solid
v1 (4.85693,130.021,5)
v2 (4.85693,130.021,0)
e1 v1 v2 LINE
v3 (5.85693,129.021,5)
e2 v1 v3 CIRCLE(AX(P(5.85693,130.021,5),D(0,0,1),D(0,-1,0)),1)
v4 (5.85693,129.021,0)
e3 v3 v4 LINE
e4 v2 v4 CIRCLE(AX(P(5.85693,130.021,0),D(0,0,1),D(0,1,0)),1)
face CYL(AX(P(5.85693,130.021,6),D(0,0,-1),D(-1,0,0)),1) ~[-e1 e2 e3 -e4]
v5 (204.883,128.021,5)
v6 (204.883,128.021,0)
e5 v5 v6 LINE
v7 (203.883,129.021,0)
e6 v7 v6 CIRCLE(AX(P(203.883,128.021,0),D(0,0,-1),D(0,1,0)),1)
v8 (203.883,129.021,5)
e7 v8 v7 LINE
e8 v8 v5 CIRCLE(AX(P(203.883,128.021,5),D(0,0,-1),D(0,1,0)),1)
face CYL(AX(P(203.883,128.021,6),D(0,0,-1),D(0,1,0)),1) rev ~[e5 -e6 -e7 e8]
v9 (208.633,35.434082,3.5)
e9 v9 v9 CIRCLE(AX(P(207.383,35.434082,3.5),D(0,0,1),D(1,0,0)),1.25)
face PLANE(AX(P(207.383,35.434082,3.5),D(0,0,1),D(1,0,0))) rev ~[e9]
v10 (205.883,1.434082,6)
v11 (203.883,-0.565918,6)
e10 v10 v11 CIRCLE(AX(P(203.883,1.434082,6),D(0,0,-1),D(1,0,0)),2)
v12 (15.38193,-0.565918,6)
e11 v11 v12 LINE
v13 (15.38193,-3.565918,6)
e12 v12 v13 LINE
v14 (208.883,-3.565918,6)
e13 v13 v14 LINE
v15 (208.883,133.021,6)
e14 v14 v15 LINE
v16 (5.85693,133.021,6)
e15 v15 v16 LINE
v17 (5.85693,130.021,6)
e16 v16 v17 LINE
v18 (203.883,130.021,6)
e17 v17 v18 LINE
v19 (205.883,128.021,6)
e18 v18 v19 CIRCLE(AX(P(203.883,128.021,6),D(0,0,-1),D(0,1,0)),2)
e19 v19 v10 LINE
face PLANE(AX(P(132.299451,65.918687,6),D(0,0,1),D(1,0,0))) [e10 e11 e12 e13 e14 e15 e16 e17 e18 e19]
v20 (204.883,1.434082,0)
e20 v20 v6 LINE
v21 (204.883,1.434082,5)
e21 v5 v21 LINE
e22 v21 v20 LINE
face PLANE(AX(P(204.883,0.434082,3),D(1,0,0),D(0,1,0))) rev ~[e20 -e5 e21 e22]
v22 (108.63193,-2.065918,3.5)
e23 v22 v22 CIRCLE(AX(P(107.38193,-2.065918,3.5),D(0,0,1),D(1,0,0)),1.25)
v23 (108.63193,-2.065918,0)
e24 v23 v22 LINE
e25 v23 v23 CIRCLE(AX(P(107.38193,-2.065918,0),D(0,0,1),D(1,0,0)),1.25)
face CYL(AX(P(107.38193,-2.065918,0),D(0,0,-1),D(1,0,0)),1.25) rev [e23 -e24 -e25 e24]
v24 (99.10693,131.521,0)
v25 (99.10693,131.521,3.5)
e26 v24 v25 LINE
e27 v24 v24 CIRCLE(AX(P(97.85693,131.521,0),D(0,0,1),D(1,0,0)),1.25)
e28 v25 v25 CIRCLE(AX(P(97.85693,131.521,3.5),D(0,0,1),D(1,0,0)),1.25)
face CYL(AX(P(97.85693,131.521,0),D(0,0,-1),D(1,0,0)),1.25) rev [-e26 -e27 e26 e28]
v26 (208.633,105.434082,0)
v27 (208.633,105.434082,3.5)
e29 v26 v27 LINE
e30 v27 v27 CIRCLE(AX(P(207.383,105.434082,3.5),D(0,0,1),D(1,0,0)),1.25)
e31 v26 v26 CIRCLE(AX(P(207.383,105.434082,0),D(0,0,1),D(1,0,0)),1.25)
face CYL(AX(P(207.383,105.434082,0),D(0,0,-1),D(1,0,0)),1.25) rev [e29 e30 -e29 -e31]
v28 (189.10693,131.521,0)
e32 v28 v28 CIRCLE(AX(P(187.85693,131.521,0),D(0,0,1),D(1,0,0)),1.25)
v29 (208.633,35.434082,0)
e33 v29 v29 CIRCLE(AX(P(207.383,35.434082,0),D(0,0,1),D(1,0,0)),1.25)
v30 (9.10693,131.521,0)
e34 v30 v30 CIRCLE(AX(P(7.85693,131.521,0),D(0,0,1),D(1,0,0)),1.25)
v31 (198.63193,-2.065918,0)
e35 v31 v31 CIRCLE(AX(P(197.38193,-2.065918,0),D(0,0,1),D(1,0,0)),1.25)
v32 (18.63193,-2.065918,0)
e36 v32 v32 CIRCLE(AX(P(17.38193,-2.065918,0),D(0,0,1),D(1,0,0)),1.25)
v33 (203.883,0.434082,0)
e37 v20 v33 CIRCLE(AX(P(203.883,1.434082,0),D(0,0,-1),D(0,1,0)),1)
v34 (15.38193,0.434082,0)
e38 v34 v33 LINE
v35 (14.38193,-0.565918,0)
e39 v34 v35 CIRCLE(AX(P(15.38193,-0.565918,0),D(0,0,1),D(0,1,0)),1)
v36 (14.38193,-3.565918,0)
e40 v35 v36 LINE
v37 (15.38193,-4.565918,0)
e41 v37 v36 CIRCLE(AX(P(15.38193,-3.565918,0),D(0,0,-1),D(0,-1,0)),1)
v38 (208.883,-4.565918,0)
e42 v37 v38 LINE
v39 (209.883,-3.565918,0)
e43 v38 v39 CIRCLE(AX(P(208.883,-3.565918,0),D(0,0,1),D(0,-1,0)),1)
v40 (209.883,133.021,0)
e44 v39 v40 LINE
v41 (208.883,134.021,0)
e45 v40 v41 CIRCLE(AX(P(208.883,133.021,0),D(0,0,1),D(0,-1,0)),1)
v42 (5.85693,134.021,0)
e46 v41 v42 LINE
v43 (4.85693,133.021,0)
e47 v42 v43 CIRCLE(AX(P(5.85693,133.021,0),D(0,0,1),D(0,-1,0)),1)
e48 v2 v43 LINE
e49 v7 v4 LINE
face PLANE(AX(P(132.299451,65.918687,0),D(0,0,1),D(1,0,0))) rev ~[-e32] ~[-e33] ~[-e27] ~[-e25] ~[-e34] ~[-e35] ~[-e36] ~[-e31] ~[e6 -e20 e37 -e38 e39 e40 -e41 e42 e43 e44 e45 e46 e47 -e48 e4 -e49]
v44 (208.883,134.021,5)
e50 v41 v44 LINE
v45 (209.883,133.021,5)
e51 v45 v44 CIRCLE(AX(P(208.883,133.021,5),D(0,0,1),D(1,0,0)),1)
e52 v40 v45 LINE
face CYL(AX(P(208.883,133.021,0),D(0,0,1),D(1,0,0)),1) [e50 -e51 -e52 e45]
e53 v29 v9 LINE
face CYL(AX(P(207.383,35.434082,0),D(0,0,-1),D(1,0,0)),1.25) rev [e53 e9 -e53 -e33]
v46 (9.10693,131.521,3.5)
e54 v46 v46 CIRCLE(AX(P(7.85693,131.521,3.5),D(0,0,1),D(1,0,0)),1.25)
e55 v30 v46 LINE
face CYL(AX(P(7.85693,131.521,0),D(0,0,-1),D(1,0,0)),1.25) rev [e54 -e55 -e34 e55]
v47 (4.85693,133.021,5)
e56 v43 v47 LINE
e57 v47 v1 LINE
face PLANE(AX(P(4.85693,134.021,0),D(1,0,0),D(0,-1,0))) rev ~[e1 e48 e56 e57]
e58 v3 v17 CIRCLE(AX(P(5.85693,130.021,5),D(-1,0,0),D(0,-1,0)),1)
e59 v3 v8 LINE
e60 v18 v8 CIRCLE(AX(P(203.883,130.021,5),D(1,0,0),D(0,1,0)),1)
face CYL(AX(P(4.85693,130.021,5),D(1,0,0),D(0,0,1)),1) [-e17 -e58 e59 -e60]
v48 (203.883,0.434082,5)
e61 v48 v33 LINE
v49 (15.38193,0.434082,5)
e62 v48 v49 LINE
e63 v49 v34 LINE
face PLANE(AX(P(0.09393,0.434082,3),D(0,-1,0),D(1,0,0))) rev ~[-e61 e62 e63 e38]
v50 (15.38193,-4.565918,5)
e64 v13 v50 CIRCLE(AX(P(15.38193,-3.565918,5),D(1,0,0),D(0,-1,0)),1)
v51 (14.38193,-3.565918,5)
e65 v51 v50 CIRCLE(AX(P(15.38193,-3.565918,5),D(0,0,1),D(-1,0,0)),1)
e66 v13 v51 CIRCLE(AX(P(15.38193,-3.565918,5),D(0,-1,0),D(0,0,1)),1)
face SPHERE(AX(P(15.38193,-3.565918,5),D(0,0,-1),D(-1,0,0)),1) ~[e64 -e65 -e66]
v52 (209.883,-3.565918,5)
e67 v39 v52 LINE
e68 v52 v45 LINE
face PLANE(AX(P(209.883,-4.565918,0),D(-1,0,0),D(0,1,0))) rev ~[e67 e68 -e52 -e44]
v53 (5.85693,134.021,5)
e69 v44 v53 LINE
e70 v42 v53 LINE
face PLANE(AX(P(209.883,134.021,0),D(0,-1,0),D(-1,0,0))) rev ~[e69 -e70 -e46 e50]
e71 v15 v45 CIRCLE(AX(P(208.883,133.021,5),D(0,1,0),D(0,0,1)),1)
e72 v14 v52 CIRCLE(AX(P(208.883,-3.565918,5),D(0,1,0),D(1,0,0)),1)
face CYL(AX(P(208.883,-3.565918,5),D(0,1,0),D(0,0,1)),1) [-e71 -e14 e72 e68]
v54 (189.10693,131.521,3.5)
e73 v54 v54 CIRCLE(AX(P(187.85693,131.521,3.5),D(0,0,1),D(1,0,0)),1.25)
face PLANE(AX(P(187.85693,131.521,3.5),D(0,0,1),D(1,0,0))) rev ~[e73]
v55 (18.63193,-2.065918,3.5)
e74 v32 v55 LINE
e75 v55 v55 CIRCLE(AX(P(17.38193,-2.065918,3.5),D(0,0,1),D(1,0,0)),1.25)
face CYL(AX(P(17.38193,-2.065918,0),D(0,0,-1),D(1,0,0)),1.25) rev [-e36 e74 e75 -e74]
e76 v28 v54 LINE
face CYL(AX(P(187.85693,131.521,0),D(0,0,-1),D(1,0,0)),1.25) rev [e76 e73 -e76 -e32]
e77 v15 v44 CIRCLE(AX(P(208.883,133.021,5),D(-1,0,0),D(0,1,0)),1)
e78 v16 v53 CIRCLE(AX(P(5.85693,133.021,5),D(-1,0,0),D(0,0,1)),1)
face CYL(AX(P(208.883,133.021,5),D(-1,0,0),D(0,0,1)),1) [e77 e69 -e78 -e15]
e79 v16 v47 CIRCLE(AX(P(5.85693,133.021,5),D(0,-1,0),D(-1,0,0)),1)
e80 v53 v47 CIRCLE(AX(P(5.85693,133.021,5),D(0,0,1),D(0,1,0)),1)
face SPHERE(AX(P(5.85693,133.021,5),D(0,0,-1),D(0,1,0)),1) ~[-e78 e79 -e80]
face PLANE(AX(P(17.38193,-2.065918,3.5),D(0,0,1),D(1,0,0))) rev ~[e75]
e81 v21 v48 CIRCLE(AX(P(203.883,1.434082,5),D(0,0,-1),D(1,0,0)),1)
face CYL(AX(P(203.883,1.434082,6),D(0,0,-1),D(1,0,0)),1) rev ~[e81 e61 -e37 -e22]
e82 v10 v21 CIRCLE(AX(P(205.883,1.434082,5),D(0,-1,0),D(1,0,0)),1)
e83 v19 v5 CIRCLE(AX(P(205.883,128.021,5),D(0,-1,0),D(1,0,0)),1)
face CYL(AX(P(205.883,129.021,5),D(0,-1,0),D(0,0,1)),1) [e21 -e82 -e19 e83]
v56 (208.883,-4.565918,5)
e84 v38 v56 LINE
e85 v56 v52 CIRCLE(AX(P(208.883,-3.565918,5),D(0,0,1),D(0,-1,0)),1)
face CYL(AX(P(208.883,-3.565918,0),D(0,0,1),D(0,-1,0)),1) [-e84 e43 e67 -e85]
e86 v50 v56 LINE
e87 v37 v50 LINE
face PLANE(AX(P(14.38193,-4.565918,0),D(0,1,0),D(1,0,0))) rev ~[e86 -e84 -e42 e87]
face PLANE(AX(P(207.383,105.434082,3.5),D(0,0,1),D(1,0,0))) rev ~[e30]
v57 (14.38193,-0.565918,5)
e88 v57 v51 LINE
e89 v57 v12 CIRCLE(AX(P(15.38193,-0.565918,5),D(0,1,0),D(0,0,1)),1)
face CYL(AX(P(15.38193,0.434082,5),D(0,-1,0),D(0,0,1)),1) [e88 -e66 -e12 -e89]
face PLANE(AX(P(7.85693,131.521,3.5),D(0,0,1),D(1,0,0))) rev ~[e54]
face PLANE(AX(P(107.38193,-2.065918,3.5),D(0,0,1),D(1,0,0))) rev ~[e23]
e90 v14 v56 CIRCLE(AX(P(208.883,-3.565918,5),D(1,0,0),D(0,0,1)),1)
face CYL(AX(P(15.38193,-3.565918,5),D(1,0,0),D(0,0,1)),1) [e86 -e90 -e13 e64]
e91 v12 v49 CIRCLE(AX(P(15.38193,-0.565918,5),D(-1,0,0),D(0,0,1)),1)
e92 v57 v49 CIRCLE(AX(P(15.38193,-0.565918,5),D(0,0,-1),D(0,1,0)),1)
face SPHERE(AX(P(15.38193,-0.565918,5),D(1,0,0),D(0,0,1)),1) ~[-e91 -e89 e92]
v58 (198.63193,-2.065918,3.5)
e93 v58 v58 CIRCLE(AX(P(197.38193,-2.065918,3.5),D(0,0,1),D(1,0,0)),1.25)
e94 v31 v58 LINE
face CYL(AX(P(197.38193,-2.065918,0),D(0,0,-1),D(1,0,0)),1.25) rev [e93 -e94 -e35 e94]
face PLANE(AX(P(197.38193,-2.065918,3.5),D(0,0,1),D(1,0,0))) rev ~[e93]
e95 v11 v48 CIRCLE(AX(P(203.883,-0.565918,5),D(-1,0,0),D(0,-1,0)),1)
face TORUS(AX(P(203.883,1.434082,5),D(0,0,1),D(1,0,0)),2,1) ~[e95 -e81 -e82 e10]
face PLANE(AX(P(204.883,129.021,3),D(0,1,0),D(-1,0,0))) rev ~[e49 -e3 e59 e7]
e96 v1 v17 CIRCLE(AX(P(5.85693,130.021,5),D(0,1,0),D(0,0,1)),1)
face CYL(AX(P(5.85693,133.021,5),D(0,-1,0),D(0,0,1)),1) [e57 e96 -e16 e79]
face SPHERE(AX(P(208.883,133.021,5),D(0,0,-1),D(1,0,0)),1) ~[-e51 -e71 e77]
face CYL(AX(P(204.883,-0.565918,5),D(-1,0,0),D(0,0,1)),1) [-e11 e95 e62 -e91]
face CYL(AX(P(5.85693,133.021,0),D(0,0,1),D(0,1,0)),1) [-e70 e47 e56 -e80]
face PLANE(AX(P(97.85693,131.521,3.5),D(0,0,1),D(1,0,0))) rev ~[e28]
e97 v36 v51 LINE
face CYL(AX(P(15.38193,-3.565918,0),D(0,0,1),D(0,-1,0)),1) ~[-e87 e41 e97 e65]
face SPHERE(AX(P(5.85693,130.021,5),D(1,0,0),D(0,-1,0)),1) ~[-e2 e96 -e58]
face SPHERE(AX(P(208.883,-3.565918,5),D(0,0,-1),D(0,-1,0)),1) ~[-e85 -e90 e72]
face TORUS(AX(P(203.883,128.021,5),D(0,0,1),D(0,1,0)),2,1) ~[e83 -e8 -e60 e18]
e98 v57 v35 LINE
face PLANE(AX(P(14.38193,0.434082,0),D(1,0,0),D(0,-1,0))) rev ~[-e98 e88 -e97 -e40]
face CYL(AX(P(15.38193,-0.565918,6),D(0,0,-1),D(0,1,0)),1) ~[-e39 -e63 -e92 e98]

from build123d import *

# Parameters (mm, degrees)
MODEL_W                = 13.999
MODEL_H                = 13.99947
MODEL_W_2              = 13.9993
MODEL_H_2              = 13.99948
MODEL_W_3              = 14.0009
MODEL_H_3              = 13.9994
MODEL_W_4              = 14
MODEL_W_5              = 13.9994
MODEL_H_4              = 13.9992
MODEL_W_6              = 13.9998
MODEL_W_7              = 13.99955
MODEL_W_8              = 14.0007
MODEL_W_9              = 14.001
MODEL_W_10             = 13.99954
MODEL_H_5              = 13.999
EXTRUDE_1_DEPTH        = 3
EXTRUDE_START          = -3
EXTRUDE_2_DEPTH        = 6
CUT_EXTRUDE_START      = -3
SKETCH_2_R             = 1.25
CUT_EXTRUDE_1_DEPTH    = 3.5
FILLET_1_R             = 1
PATTERN_LINEAR_1_COUNT = 3
PATTERN_LINEAR_1_PITCH = 90
SKETCH_3_R             = 1.25
CUT_EXTRUDE_2_DEPTH    = 3.5
PATTERN_LINEAR_2_COUNT = 3
PATTERN_LINEAR_2_PITCH = 70
CUT_EXTRUDE_3_DEPTH    = 10
FILLET_2_R             = 1


with BuildPart() as part:
    # Model → 凸台-拉伸1 (new body)
    with BuildSketch(Plane.XY):
        Polygon((4.85693, 129.021), (204.883, 129.021), (204.883, 0.434082), (14.38193, 0.434082), (14.38193, 24.241), (23.90693, 24.241), (23.90693, 43.291), (14.38193, 43.291), (14.38193, 62.341), (9.61893, 62.341), (9.61893, 81.391), (0.09393, 81.391), (0.09393, 109.971), (4.85693, 109.971), align=None)
        with Locations((152.4945, 9.959765)):
            Rectangle(MODEL_W, MODEL_H, mode=Mode.SUBTRACT)
        with Locations((171.5445, 9.959765)):
            Rectangle(MODEL_W, MODEL_H, mode=Mode.SUBTRACT)
        with Locations((190.5945, 9.959765)):
            Rectangle(MODEL_W, MODEL_H, mode=Mode.SUBTRACT)
        Polygon((33.5759, 21.722), (33.5759, 17.0215), (32.0504, 17.0215), (32.0504, 20.2517), (30.3251, 20.2517), (30.3251, 21.1722), (27.0261, 21.1722), (27.0261, 20.2517), (25.3008, 20.2517), (25.3008, 17.0215), (24.4753, 17.0215), (24.4753, 14.2227), (25.3008, 14.2227), (25.3008, 7.95267), (27.0261, 7.95267), (27.0261, 6.97286), (30.3251, 6.97286), (30.3251, 7.95267), (32.0504, 7.95267), (32.0504, 12.4216), (33.5759, 12.4216), (33.5759, 7.72252), (47.5753, 7.72252), (47.5753, 12.4216), (49.101, 12.4216), (49.101, 7.95267), (50.8247, 7.95267), (50.8247, 6.97286), (54.1253, 6.97286), (54.1253, 7.95267), (55.8504, 7.95267), (55.8504, 14.2227), (56.6759, 14.2227), (56.6759, 17.0215), (55.8504, 17.0215), (55.8504, 20.2517), (54.1253, 20.2517), (54.1253, 21.1722), (50.8247, 21.1722), (50.8247, 20.2517), (49.101, 20.2517), (49.101, 17.0215), (47.5753, 17.0215), (47.5753, 21.722), align=None, mode=Mode.SUBTRACT)
        with Locations((78.67565, 14.72226)):
            Rectangle(MODEL_W_2, MODEL_H_2, mode=Mode.SUBTRACT)
        with Locations((102.48755, 14.72226)):
            Rectangle(MODEL_W_3, MODEL_H_2, mode=Mode.SUBTRACT)
        with Locations((126.3005, 14.72226)):
            Rectangle(MODEL_W, MODEL_H_2, mode=Mode.SUBTRACT)
        with Locations((171.5445, 29.0097)):
            Rectangle(MODEL_W, MODEL_H_3, mode=Mode.SUBTRACT)
        with Locations((33.43185, 33.7722)):
            Rectangle(MODEL_W_2, MODEL_H_3, mode=Mode.SUBTRACT)
        with Locations((52.48185, 33.7722)):
            Rectangle(MODEL_W_2, MODEL_H_3, mode=Mode.SUBTRACT)
        with Locations((71.53185, 33.7722)):
            Rectangle(MODEL_W_2, MODEL_H_3, mode=Mode.SUBTRACT)
        with Locations((90.58185, 33.7722)):
            Rectangle(MODEL_W_2, MODEL_H_3, mode=Mode.SUBTRACT)
        with Locations((109.632, 33.7722)):
            Rectangle(MODEL_W_4, MODEL_H_3, mode=Mode.SUBTRACT)
        with Locations((135.8255, 33.7722)):
            Rectangle(MODEL_W, MODEL_H_3, mode=Mode.SUBTRACT)
        with Locations((195.357, 33.7722)):
            Rectangle(MODEL_W_4, MODEL_H_3, mode=Mode.SUBTRACT)
        Polygon((143.112, 59.8219), (143.112, 55.1215), (141.588, 55.1215), (141.588, 58.3516), (139.863, 58.3516), (139.863, 59.2723), (136.562, 59.2723), (136.562, 58.3516), (134.837, 58.3516), (134.837, 55.1215), (134.013, 55.1215), (134.013, 52.3226), (134.837, 52.3226), (134.837, 46.0527), (136.562, 46.0527), (136.562, 45.0716), (139.863, 45.0716), (139.863, 46.0527), (141.588, 46.0527), (141.588, 50.5217), (143.112, 50.5217), (143.112, 45.8227), (157.113, 45.8227), (157.113, 50.5217), (158.637, 50.5217), (158.637, 46.0527), (160.362, 46.0527), (160.362, 45.0716), (163.663, 45.0716), (163.663, 46.0527), (165.388, 46.0527), (165.388, 52.3226), (166.212, 52.3226), (166.212, 55.1215), (165.388, 55.1215), (165.388, 58.3516), (163.663, 58.3516), (163.663, 59.2723), (160.362, 59.2723), (160.362, 58.3516), (158.637, 58.3516), (158.637, 55.1215), (157.113, 55.1215), (157.113, 59.8219), align=None, mode=Mode.SUBTRACT)
        with Locations((23.9069, 52.8223)):
            Rectangle(MODEL_W_5, MODEL_H_4, mode=Mode.SUBTRACT)
        with Locations((42.95685, 52.8223)):
            Rectangle(MODEL_W_2, MODEL_H_4, mode=Mode.SUBTRACT)
        with Locations((62.00685, 52.8223)):
            Rectangle(MODEL_W_2, MODEL_H_4, mode=Mode.SUBTRACT)
        with Locations((81.05685, 52.8223)):
            Rectangle(MODEL_W_2, MODEL_H_4, mode=Mode.SUBTRACT)
        with Locations((100.1071, 52.8223)):
            Rectangle(MODEL_W_6, MODEL_H_4, mode=Mode.SUBTRACT)
        with Locations((119.157, 52.8223)):
            Rectangle(MODEL_W_4, MODEL_H_4, mode=Mode.SUBTRACT)
        with Locations((195.357, 52.8223)):
            Rectangle(MODEL_W_4, MODEL_H_4, mode=Mode.SUBTRACT)
        with Locations((19.1444, 71.8723)):
            Rectangle(MODEL_W_5, MODEL_H_4, mode=Mode.SUBTRACT)
        with Locations((38.19435, 71.8723)):
            Rectangle(MODEL_W_2, MODEL_H_4, mode=Mode.SUBTRACT)
        with Locations((57.24435, 71.8723)):
            Rectangle(MODEL_W_2, MODEL_H_4, mode=Mode.SUBTRACT)
        with Locations((76.29435, 71.8723)):
            Rectangle(MODEL_W_2, MODEL_H_4, mode=Mode.SUBTRACT)
        with Locations((95.34435, 71.8723)):
            Rectangle(MODEL_W_2, MODEL_H_4, mode=Mode.SUBTRACT)
        with Locations((114.3945, 71.8723)):
            Rectangle(MODEL_W, MODEL_H_4, mode=Mode.SUBTRACT)
        with Locations((133.4445, 71.8723)):
            Rectangle(MODEL_W, MODEL_H_4, mode=Mode.SUBTRACT)
        with Locations((157.257, 71.8723)):
            Rectangle(MODEL_W_4, MODEL_H_4, mode=Mode.SUBTRACT)
        with Locations((195.357, 71.8723)):
            Rectangle(MODEL_W_4, MODEL_H_4, mode=Mode.SUBTRACT)
        Polygon((145.493, 97.9219), (145.493, 93.2215), (143.969, 93.2215), (143.969, 96.4516), (142.244, 96.4516), (142.244, 97.3723), (138.943, 97.3723), (138.943, 96.4516), (137.218, 96.4516), (137.218, 93.2215), (136.394, 93.2215), (136.394, 90.4226), (137.218, 90.4226), (137.218, 84.1527), (138.943, 84.1527), (138.943, 83.1716), (142.244, 83.1716), (142.244, 84.1527), (143.969, 84.1527), (143.969, 88.6217), (145.493, 88.6217), (145.493, 83.9227), (159.494, 83.9227), (159.494, 88.6217), (161.018, 88.6217), (161.018, 84.1527), (162.743, 84.1527), (162.743, 83.1716), (166.044, 83.1716), (166.044, 84.1527), (167.768, 84.1527), (167.768, 90.4226), (168.593, 90.4226), (168.593, 93.2215), (167.768, 93.2215), (167.768, 96.4516), (166.044, 96.4516), (166.044, 97.3723), (162.743, 97.3723), (162.743, 96.4516), (161.018, 96.4516), (161.018, 93.2215), (159.494, 93.2215), (159.494, 97.9219), align=None, mode=Mode.SUBTRACT)
        with Locations((9.619425, 90.9223)):
            Rectangle(MODEL_W_7, MODEL_H_4, mode=Mode.SUBTRACT)
        with Locations((28.66935, 90.9223)):
            Rectangle(MODEL_W_2, MODEL_H_4, mode=Mode.SUBTRACT)
        with Locations((47.71935, 90.9223)):
            Rectangle(MODEL_W_2, MODEL_H_4, mode=Mode.SUBTRACT)
        with Locations((66.76935, 90.9223)):
            Rectangle(MODEL_W_2, MODEL_H_4, mode=Mode.SUBTRACT)
        with Locations((85.81935, 90.9223)):
            Rectangle(MODEL_W_2, MODEL_H_4, mode=Mode.SUBTRACT)
        with Locations((104.86865, 90.9223)):
            Rectangle(MODEL_W_8, MODEL_H_4, mode=Mode.SUBTRACT)
        with Locations((123.9185, 90.9223)):
            Rectangle(MODEL_W_9, MODEL_H_4, mode=Mode.SUBTRACT)
        with Locations((195.357, 90.9223)):
            Rectangle(MODEL_W_4, MODEL_H_4, mode=Mode.SUBTRACT)
        with Locations((14.38193, 119.4975)):
            Rectangle(MODEL_W_10, MODEL_H_5, mode=Mode.SUBTRACT)
        with Locations((33.43185, 119.4975)):
            Rectangle(MODEL_W_2, MODEL_H_5, mode=Mode.SUBTRACT)
        with Locations((52.48185, 119.4975)):
            Rectangle(MODEL_W_2, MODEL_H_5, mode=Mode.SUBTRACT)
        with Locations((71.53185, 119.4975)):
            Rectangle(MODEL_W_2, MODEL_H_5, mode=Mode.SUBTRACT)
        with Locations((90.58185, 119.4975)):
            Rectangle(MODEL_W_2, MODEL_H_5, mode=Mode.SUBTRACT)
        with Locations((109.632, 119.4975)):
            Rectangle(MODEL_W_4, MODEL_H_5, mode=Mode.SUBTRACT)
        with Locations((128.682, 119.4975)):
            Rectangle(MODEL_W_4, MODEL_H_5, mode=Mode.SUBTRACT)
        with Locations((152.4945, 119.4975)):
            Rectangle(MODEL_W, MODEL_H_5, mode=Mode.SUBTRACT)
        with Locations((171.5445, 119.4975)):
            Rectangle(MODEL_W, MODEL_H_5, mode=Mode.SUBTRACT)
        with Locations((192.9755, 119.4975)):
            Rectangle(MODEL_W, MODEL_H_5, mode=Mode.SUBTRACT)
    extrude(amount=EXTRUDE_1_DEPTH)

    # 草图1 → 凸台-拉伸2 (add)
    with BuildSketch(Plane.XY.offset(3).offset(EXTRUDE_START)):
        Polygon((14.38193, -4.565918), (209.883, -4.565918), (209.883, 134.021), (4.85693, 134.021), (4.85693, 129.021), (204.883, 129.021), (204.883, 0.434082), (14.38193, 0.434082), align=None)
    extrude(amount=EXTRUDE_2_DEPTH)

    # 草图2 → 切除-拉伸1 (cut)
    with BuildSketch(Plane.XY.offset(3).offset(CUT_EXTRUDE_START)):
        with Locations((7.85693, 131.521)):
            Circle(SKETCH_2_R)
        with Locations((17.38193, -2.065918)):
            Circle(SKETCH_2_R)
    cut_extrude_1 = extrude(amount=CUT_EXTRUDE_1_DEPTH, mode=Mode.SUBTRACT)

    # 圆角1
    fillet_1_edges = [part.edges().sort_by_distance(p)[0] for p in [
        (209.883, 134.021, 3),
        (4.85693, 134.021, 3),
        (14.38193, -4.565918, 3),
        (209.883, -4.565918, 3),
    ]]
    fillet(fillet_1_edges, radius=FILLET_1_R)

    # 阵列(线性)1: 切除-拉伸1 ×3
    with Locations(*[(i * PATTERN_LINEAR_1_PITCH, 0, 0) for i in range(1, PATTERN_LINEAR_1_COUNT)]):
        add(cut_extrude_1, mode=Mode.SUBTRACT)

    # 草图3 → 切除-拉伸2 (cut)
    with BuildSketch(Plane.XY.offset(3).offset(CUT_EXTRUDE_START)):
        with Locations((207.383, 35.434082)):
            Circle(SKETCH_3_R)
    cut_extrude_2 = extrude(amount=CUT_EXTRUDE_2_DEPTH, mode=Mode.SUBTRACT)

    # 阵列(线性)2: 切除-拉伸2 ×3
    with Locations(*[(0, i * PATTERN_LINEAR_2_PITCH, 0) for i in range(1, PATTERN_LINEAR_2_COUNT)]):
        add(cut_extrude_2, mode=Mode.SUBTRACT)

    # 草图4 → 切除-拉伸3 (cut)
    with BuildSketch(Plane.XY.offset(3)):
        Polygon((14.38193, 0.434082), (204.883, 0.434082), (204.883, 129.021), (4.85693, 129.021), (0.09393, 129.021), (0.09393, 0.434082), align=None)
    extrude(amount=-CUT_EXTRUDE_3_DEPTH, mode=Mode.SUBTRACT)

    # 圆角2
    fillet_2_edges = [part.edges().sort_by_distance(p)[0] for p in [
        (104.869965, 129.021, 6),
        (4.85693, 129.021, 3),
        (109.632465, 0.434082, 6),
        (204.883, 0.434082, 3),
        (204.883, 64.727541, 6),
        (204.883, 129.021, 3),
        (4.85693, 131.021, 6),
        (14.38193, 0.434082, 3),
        (112.132465, -4.565918, 6),
        (14.38193, -1.565918, 6),
        (107.369965, 134.021, 6),
        (209.883, 64.727541, 6),
        (209.590106781, -4.273024781, 6),
        (209.590106781, 133.728106781, 6),
        (5.149823219, 133.728106781, 6),
        (14.674823219, -4.273024781, 6),
    ]]
    fillet(fillet_2_edges, radius=FILLET_2_R)


solid = part.part
